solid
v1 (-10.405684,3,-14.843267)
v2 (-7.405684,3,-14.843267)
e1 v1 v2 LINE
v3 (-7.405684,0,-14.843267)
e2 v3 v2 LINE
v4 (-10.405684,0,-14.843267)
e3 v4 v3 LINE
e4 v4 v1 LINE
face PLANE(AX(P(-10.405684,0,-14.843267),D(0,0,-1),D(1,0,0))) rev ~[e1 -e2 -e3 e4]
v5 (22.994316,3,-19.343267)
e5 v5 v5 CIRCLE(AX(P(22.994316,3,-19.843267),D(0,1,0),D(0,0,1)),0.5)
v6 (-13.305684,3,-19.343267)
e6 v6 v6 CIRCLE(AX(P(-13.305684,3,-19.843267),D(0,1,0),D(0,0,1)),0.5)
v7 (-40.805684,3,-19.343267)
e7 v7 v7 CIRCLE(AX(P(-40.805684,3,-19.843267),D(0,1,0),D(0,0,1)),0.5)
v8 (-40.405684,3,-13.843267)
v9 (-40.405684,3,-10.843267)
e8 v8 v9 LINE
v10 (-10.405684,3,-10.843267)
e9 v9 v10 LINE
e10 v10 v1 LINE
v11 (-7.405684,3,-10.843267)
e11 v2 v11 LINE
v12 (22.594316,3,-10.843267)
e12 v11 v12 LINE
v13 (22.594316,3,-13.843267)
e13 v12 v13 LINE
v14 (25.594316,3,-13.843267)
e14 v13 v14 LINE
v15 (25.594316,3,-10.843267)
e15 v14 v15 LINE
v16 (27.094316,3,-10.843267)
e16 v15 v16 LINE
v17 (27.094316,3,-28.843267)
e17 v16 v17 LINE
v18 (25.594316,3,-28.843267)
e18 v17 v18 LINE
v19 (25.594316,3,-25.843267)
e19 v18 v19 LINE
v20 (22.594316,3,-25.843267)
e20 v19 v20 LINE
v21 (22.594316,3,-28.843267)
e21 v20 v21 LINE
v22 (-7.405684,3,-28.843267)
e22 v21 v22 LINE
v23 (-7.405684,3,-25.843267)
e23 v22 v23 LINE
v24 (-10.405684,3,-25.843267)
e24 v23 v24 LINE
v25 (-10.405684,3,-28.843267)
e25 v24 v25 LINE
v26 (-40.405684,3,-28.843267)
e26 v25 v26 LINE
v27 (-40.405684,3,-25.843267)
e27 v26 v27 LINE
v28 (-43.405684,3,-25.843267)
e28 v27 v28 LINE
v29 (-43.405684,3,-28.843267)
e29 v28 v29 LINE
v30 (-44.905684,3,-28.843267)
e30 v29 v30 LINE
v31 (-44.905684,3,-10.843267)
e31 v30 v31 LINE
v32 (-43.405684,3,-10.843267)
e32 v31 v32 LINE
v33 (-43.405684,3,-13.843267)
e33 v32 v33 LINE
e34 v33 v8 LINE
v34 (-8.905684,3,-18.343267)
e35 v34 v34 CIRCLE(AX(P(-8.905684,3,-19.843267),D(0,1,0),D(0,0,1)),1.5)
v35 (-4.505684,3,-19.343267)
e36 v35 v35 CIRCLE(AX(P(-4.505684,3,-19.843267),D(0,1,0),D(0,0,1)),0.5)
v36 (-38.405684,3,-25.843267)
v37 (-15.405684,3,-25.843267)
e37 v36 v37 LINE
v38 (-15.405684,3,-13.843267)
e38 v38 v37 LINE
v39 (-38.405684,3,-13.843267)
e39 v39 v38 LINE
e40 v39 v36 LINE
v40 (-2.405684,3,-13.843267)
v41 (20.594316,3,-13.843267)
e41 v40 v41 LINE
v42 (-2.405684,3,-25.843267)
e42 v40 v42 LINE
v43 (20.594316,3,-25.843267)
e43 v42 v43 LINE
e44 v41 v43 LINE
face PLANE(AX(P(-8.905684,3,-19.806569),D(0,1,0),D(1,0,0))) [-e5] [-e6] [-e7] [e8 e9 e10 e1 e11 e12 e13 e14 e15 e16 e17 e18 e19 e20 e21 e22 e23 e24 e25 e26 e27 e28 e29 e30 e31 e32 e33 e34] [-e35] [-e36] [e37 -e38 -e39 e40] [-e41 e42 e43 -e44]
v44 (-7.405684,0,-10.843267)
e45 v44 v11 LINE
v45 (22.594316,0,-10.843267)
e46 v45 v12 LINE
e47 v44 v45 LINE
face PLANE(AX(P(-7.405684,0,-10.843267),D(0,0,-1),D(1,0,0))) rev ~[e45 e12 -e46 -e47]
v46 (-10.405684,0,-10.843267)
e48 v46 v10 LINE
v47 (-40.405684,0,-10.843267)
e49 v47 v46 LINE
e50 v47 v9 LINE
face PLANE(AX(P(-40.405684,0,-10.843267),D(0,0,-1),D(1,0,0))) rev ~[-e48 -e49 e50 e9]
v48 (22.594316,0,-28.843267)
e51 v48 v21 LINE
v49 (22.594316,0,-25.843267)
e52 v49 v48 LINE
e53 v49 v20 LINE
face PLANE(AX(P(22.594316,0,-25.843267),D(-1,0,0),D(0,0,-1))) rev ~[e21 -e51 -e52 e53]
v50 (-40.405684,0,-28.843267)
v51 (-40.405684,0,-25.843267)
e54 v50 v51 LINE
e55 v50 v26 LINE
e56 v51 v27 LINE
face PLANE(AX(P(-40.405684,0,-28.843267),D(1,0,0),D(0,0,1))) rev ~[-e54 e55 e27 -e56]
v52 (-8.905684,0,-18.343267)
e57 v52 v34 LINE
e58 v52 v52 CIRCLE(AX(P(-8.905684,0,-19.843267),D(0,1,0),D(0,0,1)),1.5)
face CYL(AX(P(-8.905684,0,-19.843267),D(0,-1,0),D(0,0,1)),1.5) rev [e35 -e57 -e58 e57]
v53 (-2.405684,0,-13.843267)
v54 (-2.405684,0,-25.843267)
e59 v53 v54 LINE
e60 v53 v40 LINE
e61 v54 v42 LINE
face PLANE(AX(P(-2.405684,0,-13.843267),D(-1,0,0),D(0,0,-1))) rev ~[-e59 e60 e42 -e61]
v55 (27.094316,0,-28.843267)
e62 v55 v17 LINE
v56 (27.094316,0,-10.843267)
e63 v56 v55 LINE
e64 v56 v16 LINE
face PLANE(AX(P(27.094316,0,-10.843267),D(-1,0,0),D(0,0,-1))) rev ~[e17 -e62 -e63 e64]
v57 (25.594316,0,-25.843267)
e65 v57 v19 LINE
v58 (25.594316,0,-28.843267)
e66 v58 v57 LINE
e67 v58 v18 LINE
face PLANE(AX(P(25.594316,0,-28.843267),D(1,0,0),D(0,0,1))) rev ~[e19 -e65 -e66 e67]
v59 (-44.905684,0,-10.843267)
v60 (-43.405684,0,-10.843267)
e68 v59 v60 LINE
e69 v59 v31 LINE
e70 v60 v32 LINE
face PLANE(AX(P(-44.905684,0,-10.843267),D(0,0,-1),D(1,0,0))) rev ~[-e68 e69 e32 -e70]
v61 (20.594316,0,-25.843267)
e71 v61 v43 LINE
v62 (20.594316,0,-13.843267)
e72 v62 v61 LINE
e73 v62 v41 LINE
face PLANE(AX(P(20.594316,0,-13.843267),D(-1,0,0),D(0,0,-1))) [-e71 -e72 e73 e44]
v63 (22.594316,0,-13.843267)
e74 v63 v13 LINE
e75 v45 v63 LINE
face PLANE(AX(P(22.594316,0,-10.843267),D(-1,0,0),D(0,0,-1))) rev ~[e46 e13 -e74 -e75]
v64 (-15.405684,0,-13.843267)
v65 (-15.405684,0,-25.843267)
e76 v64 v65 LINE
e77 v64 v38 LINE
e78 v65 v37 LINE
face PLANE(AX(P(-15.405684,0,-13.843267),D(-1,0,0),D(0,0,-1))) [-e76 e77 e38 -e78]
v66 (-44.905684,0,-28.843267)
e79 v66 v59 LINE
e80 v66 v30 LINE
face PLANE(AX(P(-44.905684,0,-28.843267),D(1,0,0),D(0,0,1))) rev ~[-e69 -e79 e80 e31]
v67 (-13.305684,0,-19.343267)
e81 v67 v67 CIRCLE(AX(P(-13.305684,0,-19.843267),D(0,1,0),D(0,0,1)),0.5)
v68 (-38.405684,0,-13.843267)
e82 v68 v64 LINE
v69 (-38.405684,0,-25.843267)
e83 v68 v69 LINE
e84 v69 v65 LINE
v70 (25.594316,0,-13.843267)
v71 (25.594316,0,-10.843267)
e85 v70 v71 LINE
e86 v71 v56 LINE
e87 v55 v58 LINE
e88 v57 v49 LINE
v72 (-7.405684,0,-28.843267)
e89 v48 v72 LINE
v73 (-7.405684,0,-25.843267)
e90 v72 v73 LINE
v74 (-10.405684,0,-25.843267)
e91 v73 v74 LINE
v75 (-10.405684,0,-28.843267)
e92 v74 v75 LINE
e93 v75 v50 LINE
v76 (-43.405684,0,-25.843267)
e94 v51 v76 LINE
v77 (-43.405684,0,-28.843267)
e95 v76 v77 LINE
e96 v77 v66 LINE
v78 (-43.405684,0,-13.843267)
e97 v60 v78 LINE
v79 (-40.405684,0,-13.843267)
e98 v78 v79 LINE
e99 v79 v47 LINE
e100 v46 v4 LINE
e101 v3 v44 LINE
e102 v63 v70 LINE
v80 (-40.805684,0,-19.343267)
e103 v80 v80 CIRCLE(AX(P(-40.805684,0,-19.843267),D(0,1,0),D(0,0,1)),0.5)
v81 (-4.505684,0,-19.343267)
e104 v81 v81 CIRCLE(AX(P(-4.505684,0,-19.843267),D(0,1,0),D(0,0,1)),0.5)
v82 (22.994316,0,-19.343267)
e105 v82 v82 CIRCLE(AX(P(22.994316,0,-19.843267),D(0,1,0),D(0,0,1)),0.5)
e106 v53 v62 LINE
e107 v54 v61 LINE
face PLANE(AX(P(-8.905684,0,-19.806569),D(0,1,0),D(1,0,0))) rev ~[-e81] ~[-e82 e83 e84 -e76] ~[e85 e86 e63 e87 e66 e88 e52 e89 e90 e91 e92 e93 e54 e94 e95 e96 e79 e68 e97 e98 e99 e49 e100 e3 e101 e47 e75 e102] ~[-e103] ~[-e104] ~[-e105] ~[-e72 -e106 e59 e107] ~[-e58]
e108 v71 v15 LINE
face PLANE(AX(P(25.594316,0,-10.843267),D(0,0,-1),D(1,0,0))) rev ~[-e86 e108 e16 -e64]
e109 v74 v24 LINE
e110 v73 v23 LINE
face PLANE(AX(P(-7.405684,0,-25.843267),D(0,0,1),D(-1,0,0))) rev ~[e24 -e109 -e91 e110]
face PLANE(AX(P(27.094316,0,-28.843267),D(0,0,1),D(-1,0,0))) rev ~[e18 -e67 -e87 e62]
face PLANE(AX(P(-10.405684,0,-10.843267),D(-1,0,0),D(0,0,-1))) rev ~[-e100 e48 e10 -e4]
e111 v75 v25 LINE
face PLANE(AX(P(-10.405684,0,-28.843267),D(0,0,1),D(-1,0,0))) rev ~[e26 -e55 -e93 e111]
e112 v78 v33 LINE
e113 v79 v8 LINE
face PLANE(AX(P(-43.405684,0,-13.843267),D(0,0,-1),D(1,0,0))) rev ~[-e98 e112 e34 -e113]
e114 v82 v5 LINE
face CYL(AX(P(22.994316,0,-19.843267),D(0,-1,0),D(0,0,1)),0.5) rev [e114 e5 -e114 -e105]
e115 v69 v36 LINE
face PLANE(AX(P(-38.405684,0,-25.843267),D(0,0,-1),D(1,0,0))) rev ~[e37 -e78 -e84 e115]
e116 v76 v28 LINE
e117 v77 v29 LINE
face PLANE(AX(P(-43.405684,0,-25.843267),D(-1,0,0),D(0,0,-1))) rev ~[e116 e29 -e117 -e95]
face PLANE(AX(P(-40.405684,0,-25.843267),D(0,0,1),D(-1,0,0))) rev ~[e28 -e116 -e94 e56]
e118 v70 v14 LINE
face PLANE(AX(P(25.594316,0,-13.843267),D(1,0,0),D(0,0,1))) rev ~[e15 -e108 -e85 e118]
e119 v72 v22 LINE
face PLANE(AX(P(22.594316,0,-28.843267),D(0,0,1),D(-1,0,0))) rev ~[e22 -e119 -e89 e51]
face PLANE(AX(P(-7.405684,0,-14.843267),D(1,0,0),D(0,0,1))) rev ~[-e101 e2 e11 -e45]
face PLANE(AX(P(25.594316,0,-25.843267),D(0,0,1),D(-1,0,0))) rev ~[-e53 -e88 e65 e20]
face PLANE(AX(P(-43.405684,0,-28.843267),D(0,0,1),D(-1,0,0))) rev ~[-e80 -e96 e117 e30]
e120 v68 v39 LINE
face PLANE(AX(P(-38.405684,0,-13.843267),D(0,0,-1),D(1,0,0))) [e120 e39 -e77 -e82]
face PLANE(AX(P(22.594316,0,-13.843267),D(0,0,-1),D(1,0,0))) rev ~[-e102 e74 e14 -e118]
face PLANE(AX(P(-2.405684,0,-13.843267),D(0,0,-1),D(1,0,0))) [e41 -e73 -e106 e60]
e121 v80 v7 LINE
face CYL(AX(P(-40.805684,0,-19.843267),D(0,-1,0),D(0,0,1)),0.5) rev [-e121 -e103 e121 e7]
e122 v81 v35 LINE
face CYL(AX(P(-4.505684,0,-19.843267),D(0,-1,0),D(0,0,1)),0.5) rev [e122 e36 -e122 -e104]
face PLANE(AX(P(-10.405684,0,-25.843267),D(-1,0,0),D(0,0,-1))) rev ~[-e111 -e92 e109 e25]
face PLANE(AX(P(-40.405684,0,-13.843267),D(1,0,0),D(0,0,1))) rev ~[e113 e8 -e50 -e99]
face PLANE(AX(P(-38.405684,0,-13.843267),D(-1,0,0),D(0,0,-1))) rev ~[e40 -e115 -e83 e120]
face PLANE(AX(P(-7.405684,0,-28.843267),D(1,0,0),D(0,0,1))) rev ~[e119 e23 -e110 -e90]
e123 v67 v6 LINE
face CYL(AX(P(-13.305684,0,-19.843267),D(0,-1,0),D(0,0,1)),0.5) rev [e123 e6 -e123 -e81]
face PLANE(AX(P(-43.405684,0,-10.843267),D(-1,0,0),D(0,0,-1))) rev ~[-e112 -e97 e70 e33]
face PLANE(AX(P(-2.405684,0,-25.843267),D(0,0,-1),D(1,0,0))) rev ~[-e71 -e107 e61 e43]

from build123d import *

# Parameters (mm, degrees)
SKETCH_1_R      = 1.5
SKETCH_1_R_2    = 0.5
SKETCH_1_W      = 23
SKETCH_1_H      = 12
EXTRUDE_1_DEPTH = 3


with BuildPart() as part:
    # 草图1 → 凸台-拉伸1 (new body)
    with BuildSketch(Plane(origin=(0, 0, 0), x_dir=(1, 0, 0), z_dir=(0, 1, 0))):
        Polygon((22.594315567, 25.84326654), (22.594315567, 28.84326654), (-7.405684433, 28.84326654), (-7.405684433, 25.84326654), (-10.405684433, 25.84326654), (-10.405684433, 28.84326654), (-40.405684433, 28.84326654), (-40.405684433, 25.84326654), (-43.405684433, 25.84326654), (-43.405684433, 28.84326654), (-44.905684433, 28.84326654), (-44.905684433, 10.84326654), (-43.405684433, 10.84326654), (-43.405684433, 13.84326654), (-40.405684433, 13.84326654), (-40.405684433, 10.84326654), (-10.405684433, 10.84326654), (-10.405684433, 14.84326654), (-7.405684433, 14.84326654), (-7.405684433, 10.84326654), (22.594315567, 10.84326654), (22.594315567, 13.84326654), (25.594315567, 13.84326654), (25.594315567, 10.84326654), (27.094315567, 10.84326654), (27.094315567, 28.84326654), (25.594315567, 28.84326654), (25.594315567, 25.84326654), align=None)
        with Locations(Location((-8.905684433, 19.84326654, 0), (0, 0, 270))):
            Circle(SKETCH_1_R, mode=Mode.SUBTRACT)
        with Locations(Location((-4.505684433, 19.84326654, 0), (0, 0, 270))):
            Circle(SKETCH_1_R_2, mode=Mode.SUBTRACT)
        with Locations(Location((-40.805684433, 19.84326654, 0), (0, 0, 270))):
            Circle(SKETCH_1_R_2, mode=Mode.SUBTRACT)
        with Locations(Location((-13.305684433, 19.84326654, 0), (0, 0, 270))):
            Circle(SKETCH_1_R_2, mode=Mode.SUBTRACT)
        with Locations(Location((22.994315567, 19.84326654, 0), (0, 0, 270))):
            Circle(SKETCH_1_R_2, mode=Mode.SUBTRACT)
        with Locations((9.094315567, 19.84326654)):
            Rectangle(SKETCH_1_W, SKETCH_1_H, mode=Mode.SUBTRACT)
        with Locations((-26.905684433, 19.84326654)):
            Rectangle(SKETCH_1_W, SKETCH_1_H, mode=Mode.SUBTRACT)
    extrude(amount=EXTRUDE_1_DEPTH)


solid = part.part
